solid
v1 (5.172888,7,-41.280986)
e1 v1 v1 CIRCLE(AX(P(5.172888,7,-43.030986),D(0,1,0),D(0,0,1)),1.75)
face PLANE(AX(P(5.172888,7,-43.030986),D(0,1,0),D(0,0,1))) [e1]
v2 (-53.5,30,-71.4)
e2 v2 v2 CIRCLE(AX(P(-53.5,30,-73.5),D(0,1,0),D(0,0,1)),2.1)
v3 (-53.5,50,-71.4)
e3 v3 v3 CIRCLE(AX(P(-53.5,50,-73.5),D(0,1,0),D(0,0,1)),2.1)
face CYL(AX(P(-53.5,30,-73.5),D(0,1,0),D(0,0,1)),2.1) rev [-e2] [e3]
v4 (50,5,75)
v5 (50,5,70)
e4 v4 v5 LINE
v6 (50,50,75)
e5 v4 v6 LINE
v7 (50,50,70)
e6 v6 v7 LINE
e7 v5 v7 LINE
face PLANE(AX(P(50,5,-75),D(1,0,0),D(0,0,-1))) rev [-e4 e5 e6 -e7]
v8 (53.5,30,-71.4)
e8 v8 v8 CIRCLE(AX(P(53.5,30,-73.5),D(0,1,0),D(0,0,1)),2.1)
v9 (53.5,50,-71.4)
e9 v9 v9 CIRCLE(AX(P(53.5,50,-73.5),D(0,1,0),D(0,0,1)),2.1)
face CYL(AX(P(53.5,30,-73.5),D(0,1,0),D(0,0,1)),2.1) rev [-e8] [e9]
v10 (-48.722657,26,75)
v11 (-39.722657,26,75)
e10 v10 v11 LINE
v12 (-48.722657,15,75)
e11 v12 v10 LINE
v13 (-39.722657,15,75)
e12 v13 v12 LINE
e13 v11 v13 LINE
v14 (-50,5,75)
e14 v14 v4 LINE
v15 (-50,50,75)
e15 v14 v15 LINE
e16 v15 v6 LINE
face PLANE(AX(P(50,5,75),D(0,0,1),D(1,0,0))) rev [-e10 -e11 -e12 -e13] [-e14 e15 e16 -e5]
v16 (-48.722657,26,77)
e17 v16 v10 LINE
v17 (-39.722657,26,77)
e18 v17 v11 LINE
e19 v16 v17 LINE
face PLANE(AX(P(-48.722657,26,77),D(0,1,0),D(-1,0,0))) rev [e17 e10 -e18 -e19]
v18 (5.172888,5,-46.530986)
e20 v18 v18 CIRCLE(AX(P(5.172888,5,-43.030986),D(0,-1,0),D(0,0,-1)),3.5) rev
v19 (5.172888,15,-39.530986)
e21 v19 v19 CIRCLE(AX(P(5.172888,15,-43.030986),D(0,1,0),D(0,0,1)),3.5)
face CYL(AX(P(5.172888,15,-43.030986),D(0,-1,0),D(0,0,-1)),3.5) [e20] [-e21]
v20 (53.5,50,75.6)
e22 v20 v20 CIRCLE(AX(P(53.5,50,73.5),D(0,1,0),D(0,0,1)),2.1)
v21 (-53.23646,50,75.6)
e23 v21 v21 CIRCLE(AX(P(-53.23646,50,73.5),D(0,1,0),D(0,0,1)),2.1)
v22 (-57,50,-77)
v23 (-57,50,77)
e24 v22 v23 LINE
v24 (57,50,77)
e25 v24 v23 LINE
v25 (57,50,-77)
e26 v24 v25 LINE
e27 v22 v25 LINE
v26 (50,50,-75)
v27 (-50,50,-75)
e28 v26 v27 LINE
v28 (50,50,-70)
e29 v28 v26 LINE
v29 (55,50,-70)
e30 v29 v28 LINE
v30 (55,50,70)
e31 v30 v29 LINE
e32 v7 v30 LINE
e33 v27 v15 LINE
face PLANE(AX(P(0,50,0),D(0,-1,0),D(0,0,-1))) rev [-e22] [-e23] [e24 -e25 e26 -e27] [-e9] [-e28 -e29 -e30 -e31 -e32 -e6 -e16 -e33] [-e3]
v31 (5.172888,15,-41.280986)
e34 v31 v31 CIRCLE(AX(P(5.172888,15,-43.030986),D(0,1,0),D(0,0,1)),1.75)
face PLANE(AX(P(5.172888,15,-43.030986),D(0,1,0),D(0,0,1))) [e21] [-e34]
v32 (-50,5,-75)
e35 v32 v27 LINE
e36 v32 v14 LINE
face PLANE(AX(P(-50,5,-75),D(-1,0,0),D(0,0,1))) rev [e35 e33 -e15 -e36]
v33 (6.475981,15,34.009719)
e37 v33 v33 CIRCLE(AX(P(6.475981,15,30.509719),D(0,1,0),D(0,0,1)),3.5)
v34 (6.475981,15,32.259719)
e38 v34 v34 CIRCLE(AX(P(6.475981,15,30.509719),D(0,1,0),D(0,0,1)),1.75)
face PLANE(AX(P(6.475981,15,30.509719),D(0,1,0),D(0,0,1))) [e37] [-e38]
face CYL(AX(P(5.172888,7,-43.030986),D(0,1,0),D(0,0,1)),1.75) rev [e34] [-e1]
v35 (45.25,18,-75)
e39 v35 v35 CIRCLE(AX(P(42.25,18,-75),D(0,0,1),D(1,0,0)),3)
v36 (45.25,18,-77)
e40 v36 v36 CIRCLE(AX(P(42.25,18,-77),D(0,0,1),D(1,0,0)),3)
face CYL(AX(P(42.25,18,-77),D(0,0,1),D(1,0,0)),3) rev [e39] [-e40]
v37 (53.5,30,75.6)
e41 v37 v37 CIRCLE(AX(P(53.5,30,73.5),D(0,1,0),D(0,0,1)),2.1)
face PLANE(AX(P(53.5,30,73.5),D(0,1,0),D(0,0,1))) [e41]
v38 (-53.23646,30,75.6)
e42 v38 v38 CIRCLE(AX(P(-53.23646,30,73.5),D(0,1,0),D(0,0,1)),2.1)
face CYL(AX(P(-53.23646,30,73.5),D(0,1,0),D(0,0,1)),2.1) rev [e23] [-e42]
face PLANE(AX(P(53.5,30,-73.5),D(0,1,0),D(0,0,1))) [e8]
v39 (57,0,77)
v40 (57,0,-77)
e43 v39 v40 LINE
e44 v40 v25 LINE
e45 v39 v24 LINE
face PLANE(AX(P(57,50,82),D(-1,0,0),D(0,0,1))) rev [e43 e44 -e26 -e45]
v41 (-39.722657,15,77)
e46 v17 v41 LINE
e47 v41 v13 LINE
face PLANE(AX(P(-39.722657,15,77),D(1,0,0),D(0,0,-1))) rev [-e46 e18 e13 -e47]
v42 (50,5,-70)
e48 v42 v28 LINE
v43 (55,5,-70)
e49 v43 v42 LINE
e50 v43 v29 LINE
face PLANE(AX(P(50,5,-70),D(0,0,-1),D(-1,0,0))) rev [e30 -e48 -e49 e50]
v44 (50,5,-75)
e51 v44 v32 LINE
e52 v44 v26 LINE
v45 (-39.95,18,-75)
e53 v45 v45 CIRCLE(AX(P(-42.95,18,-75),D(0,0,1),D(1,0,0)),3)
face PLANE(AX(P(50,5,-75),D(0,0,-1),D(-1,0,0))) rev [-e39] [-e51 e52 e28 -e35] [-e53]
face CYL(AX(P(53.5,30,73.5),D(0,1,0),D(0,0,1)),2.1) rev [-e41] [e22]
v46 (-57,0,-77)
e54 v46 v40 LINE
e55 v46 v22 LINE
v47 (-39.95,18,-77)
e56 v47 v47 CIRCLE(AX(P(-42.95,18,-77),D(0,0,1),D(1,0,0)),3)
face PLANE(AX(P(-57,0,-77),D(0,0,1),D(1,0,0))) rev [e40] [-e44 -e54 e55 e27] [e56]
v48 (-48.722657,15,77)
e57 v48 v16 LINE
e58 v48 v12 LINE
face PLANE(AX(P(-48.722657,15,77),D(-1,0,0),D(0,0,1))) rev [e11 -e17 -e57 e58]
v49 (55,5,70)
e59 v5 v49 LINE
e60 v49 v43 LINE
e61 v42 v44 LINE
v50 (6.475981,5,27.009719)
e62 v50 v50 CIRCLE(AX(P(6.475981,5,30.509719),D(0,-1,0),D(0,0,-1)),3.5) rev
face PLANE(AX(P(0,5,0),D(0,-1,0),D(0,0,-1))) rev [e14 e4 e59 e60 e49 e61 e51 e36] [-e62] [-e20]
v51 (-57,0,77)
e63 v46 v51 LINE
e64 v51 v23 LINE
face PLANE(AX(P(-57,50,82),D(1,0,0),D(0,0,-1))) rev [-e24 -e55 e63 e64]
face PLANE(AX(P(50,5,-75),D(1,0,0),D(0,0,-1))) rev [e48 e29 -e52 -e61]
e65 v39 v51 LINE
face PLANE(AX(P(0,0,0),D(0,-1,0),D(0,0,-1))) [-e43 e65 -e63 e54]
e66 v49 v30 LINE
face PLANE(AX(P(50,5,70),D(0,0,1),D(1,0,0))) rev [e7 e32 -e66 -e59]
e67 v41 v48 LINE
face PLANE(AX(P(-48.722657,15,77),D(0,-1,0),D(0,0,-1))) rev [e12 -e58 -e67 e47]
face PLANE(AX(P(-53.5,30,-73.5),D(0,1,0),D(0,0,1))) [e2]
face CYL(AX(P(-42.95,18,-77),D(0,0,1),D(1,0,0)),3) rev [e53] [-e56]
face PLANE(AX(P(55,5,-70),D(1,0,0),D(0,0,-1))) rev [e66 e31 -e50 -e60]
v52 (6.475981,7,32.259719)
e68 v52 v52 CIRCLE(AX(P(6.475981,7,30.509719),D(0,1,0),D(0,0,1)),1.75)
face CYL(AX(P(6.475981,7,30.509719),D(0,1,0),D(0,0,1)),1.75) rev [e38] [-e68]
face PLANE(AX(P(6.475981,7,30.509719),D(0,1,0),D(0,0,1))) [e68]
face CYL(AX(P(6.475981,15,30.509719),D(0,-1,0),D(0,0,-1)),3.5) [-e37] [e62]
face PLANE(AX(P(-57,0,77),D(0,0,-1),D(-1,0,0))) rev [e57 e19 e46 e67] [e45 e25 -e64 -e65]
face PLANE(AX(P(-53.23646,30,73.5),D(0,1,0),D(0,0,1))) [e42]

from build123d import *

# Parameters (mm, degrees)
SKETCH3_W           = 114
SKETCH3_H           = 164
BOSS_EXTRUDE2_DEPTH = 50
SKETCH4_W           = 100
SKETCH4_H           = 150
CUT_EXTRUDE2_DEPTH  = 45
SKETCH9_W           = 114
SKETCH9_H           = 5
CUT_EXTRUDE5_DEPTH  = 112.68258593
SKETCH10_W          = 114
SKETCH10_H          = 5
CUT_EXTRUDE6_DEPTH  = 112.68258593
SKETCH12_R          = 2.1
CUT_EXTRUDE8_DEPTH  = 20
SKETCH13_R          = 2.1
CUT_EXTRUDE9_DEPTH  = 20
SKETCH14_R          = 2.1
CUT_EXTRUDE10_DEPTH = 20
SKETCH15_W          = 5
SKETCH15_H          = 140
CUT_EXTRUDE11_DEPTH = 45
SKETCH16_R          = 3.5
BOSS_EXTRUDE3_DEPTH = 10
SKETCH17_R          = 1.75
CUT_EXTRUDE12_DEPTH = 8
SKETCH18_R          = 1.75
CUT_EXTRUDE13_DEPTH = 8
SKETCH19_W          = 9
SKETCH19_H          = 11
CUT_EXTRUDE14_DEPTH = 170.861708457
SKETCH21_R          = 3
CUT_EXTRUDE16_DEPTH = 170.861708457
SKETCH22_R          = 3
CUT_EXTRUDE17_DEPTH = 170.861708457


with BuildPart() as part:
    # Sketch3 → Boss-Extrude2 (new body)
    with BuildSketch(Plane(origin=(0, 0, 0), x_dir=(1, 0, 0), z_dir=(0, 1, 0))):
        Rectangle(SKETCH3_W, SKETCH3_H)
    extrude(amount=BOSS_EXTRUDE2_DEPTH)

    # Sketch4 → Cut-Extrude2 (cut)
    with BuildSketch(Plane(origin=(0, 50, 0), x_dir=(1, 0, 0), z_dir=(0, 1, 0))):
        Rectangle(SKETCH4_W, SKETCH4_H)
    extrude(amount=-CUT_EXTRUDE2_DEPTH, mode=Mode.SUBTRACT)

    # Sketch9 → Cut-Extrude5 (cut, through all)
    with BuildSketch(Plane(origin=(0, 50, 0), x_dir=(1, 0, 0), z_dir=(0, 1, 0))):
        with Locations((0, -79.5)):
            Rectangle(SKETCH9_W, SKETCH9_H)
    extrude(amount=-CUT_EXTRUDE5_DEPTH, mode=Mode.SUBTRACT)

    # Sketch10 → Cut-Extrude6 (cut, through all)
    with BuildSketch(Plane(origin=(0, 50, 0), x_dir=(1, 0, 0), z_dir=(0, 1, 0))):
        with Locations((0, 79.5)):
            Rectangle(SKETCH10_W, SKETCH10_H)
    extrude(amount=-CUT_EXTRUDE6_DEPTH, mode=Mode.SUBTRACT)

    # Sketch12 → Cut-Extrude8 (cut)
    with BuildSketch(Plane(origin=(0, 50, 0), x_dir=(1, 0, 0), z_dir=(0, 1, 0))):
        with Locations(Location((-53.236459808, -73.5, 0), (0, 0, 270))):
            Circle(SKETCH12_R)
    extrude(amount=-CUT_EXTRUDE8_DEPTH, mode=Mode.SUBTRACT)

    # Sketch13 → Cut-Extrude9 (cut)
    with BuildSketch(Plane(origin=(0, 50, 0), x_dir=(1, 0, 0), z_dir=(0, 1, 0))):
        with Locations(Location((53.5, -73.5, 0), (0, 0, 270))):
            Circle(SKETCH13_R)
    extrude(amount=-CUT_EXTRUDE9_DEPTH, mode=Mode.SUBTRACT)

    # Sketch14 → Cut-Extrude10 (cut)
    with BuildSketch(Plane(origin=(0, 50, 0), x_dir=(1, 0, 0), z_dir=(0, 1, 0))):
        with Locations(Location((53.5, 73.5, 0), (0, 0, 270))):
            Circle(SKETCH14_R)
        with Locations(Location((-53.5, 73.5, 0), (0, 0, 270))):
            Circle(SKETCH14_R)
    extrude(amount=-CUT_EXTRUDE10_DEPTH, mode=Mode.SUBTRACT)

    # Sketch15 → Cut-Extrude11 (cut)
    with BuildSketch(Plane(origin=(0, 50, 0), x_dir=(1, 0, 0), z_dir=(0, 1, 0))):
        with Locations((52.5, 0)):
            Rectangle(SKETCH15_W, SKETCH15_H)
    extrude(amount=-CUT_EXTRUDE11_DEPTH, mode=Mode.SUBTRACT)

    # Sketch16 → Boss-Extrude3 (add)
    with BuildSketch(Plane(origin=(0, 5, 0), x_dir=(1, 0, 0), z_dir=(0, 1, 0))):
        with Locations(Location((5.172888084, 43.030985647, 0), (0, 0, 90))):
            Circle(SKETCH16_R)
        with Locations(Location((6.475980518, -30.509718968, 0), (0, 0, 90))):
            Circle(SKETCH16_R)
    extrude(amount=BOSS_EXTRUDE3_DEPTH)

    # Sketch17 → Cut-Extrude12 (cut)
    with BuildSketch(Plane(origin=(0, 15, 0), x_dir=(1, 0, 0), z_dir=(0, 1, 0))):
        with Locations(Location((5.172888084, 43.030985647, 0), (0, 0, 270))):
            Circle(SKETCH17_R)
    extrude(amount=-CUT_EXTRUDE12_DEPTH, mode=Mode.SUBTRACT)

    # Sketch18 → Cut-Extrude13 (cut)
    with BuildSketch(Plane(origin=(0, 15, 0), x_dir=(1, 0, 0), z_dir=(0, 1, 0))):
        with Locations(Location((6.475980518, -30.509718968, 0), (0, 0, 270))):
            Circle(SKETCH18_R)
    extrude(amount=-CUT_EXTRUDE13_DEPTH, mode=Mode.SUBTRACT)

    # Sketch19 → Cut-Extrude14 (cut, through all)
    with BuildSketch(Plane(origin=(0, 0, 75), x_dir=(-1, 0, 0), z_dir=(0, 0, -1))):
        with Locations((44.222656572, 20.5)):
            Rectangle(SKETCH19_W, SKETCH19_H)
    extrude(amount=-CUT_EXTRUDE14_DEPTH, mode=Mode.SUBTRACT)

    # Sketch21 → Cut-Extrude16 (cut, through all)
    with BuildSketch(Plane.XY.offset(-75)):
        with Locations((42.25, 18)):
            Circle(SKETCH21_R)
    extrude(amount=-CUT_EXTRUDE16_DEPTH, mode=Mode.SUBTRACT)

    # Sketch22 → Cut-Extrude17 (cut, through all)
    with BuildSketch(Plane.XY.offset(-75)):
        with Locations((-42.95, 18)):
            Circle(SKETCH22_R)
    extrude(amount=-CUT_EXTRUDE17_DEPTH, mode=Mode.SUBTRACT)


solid = part.part
